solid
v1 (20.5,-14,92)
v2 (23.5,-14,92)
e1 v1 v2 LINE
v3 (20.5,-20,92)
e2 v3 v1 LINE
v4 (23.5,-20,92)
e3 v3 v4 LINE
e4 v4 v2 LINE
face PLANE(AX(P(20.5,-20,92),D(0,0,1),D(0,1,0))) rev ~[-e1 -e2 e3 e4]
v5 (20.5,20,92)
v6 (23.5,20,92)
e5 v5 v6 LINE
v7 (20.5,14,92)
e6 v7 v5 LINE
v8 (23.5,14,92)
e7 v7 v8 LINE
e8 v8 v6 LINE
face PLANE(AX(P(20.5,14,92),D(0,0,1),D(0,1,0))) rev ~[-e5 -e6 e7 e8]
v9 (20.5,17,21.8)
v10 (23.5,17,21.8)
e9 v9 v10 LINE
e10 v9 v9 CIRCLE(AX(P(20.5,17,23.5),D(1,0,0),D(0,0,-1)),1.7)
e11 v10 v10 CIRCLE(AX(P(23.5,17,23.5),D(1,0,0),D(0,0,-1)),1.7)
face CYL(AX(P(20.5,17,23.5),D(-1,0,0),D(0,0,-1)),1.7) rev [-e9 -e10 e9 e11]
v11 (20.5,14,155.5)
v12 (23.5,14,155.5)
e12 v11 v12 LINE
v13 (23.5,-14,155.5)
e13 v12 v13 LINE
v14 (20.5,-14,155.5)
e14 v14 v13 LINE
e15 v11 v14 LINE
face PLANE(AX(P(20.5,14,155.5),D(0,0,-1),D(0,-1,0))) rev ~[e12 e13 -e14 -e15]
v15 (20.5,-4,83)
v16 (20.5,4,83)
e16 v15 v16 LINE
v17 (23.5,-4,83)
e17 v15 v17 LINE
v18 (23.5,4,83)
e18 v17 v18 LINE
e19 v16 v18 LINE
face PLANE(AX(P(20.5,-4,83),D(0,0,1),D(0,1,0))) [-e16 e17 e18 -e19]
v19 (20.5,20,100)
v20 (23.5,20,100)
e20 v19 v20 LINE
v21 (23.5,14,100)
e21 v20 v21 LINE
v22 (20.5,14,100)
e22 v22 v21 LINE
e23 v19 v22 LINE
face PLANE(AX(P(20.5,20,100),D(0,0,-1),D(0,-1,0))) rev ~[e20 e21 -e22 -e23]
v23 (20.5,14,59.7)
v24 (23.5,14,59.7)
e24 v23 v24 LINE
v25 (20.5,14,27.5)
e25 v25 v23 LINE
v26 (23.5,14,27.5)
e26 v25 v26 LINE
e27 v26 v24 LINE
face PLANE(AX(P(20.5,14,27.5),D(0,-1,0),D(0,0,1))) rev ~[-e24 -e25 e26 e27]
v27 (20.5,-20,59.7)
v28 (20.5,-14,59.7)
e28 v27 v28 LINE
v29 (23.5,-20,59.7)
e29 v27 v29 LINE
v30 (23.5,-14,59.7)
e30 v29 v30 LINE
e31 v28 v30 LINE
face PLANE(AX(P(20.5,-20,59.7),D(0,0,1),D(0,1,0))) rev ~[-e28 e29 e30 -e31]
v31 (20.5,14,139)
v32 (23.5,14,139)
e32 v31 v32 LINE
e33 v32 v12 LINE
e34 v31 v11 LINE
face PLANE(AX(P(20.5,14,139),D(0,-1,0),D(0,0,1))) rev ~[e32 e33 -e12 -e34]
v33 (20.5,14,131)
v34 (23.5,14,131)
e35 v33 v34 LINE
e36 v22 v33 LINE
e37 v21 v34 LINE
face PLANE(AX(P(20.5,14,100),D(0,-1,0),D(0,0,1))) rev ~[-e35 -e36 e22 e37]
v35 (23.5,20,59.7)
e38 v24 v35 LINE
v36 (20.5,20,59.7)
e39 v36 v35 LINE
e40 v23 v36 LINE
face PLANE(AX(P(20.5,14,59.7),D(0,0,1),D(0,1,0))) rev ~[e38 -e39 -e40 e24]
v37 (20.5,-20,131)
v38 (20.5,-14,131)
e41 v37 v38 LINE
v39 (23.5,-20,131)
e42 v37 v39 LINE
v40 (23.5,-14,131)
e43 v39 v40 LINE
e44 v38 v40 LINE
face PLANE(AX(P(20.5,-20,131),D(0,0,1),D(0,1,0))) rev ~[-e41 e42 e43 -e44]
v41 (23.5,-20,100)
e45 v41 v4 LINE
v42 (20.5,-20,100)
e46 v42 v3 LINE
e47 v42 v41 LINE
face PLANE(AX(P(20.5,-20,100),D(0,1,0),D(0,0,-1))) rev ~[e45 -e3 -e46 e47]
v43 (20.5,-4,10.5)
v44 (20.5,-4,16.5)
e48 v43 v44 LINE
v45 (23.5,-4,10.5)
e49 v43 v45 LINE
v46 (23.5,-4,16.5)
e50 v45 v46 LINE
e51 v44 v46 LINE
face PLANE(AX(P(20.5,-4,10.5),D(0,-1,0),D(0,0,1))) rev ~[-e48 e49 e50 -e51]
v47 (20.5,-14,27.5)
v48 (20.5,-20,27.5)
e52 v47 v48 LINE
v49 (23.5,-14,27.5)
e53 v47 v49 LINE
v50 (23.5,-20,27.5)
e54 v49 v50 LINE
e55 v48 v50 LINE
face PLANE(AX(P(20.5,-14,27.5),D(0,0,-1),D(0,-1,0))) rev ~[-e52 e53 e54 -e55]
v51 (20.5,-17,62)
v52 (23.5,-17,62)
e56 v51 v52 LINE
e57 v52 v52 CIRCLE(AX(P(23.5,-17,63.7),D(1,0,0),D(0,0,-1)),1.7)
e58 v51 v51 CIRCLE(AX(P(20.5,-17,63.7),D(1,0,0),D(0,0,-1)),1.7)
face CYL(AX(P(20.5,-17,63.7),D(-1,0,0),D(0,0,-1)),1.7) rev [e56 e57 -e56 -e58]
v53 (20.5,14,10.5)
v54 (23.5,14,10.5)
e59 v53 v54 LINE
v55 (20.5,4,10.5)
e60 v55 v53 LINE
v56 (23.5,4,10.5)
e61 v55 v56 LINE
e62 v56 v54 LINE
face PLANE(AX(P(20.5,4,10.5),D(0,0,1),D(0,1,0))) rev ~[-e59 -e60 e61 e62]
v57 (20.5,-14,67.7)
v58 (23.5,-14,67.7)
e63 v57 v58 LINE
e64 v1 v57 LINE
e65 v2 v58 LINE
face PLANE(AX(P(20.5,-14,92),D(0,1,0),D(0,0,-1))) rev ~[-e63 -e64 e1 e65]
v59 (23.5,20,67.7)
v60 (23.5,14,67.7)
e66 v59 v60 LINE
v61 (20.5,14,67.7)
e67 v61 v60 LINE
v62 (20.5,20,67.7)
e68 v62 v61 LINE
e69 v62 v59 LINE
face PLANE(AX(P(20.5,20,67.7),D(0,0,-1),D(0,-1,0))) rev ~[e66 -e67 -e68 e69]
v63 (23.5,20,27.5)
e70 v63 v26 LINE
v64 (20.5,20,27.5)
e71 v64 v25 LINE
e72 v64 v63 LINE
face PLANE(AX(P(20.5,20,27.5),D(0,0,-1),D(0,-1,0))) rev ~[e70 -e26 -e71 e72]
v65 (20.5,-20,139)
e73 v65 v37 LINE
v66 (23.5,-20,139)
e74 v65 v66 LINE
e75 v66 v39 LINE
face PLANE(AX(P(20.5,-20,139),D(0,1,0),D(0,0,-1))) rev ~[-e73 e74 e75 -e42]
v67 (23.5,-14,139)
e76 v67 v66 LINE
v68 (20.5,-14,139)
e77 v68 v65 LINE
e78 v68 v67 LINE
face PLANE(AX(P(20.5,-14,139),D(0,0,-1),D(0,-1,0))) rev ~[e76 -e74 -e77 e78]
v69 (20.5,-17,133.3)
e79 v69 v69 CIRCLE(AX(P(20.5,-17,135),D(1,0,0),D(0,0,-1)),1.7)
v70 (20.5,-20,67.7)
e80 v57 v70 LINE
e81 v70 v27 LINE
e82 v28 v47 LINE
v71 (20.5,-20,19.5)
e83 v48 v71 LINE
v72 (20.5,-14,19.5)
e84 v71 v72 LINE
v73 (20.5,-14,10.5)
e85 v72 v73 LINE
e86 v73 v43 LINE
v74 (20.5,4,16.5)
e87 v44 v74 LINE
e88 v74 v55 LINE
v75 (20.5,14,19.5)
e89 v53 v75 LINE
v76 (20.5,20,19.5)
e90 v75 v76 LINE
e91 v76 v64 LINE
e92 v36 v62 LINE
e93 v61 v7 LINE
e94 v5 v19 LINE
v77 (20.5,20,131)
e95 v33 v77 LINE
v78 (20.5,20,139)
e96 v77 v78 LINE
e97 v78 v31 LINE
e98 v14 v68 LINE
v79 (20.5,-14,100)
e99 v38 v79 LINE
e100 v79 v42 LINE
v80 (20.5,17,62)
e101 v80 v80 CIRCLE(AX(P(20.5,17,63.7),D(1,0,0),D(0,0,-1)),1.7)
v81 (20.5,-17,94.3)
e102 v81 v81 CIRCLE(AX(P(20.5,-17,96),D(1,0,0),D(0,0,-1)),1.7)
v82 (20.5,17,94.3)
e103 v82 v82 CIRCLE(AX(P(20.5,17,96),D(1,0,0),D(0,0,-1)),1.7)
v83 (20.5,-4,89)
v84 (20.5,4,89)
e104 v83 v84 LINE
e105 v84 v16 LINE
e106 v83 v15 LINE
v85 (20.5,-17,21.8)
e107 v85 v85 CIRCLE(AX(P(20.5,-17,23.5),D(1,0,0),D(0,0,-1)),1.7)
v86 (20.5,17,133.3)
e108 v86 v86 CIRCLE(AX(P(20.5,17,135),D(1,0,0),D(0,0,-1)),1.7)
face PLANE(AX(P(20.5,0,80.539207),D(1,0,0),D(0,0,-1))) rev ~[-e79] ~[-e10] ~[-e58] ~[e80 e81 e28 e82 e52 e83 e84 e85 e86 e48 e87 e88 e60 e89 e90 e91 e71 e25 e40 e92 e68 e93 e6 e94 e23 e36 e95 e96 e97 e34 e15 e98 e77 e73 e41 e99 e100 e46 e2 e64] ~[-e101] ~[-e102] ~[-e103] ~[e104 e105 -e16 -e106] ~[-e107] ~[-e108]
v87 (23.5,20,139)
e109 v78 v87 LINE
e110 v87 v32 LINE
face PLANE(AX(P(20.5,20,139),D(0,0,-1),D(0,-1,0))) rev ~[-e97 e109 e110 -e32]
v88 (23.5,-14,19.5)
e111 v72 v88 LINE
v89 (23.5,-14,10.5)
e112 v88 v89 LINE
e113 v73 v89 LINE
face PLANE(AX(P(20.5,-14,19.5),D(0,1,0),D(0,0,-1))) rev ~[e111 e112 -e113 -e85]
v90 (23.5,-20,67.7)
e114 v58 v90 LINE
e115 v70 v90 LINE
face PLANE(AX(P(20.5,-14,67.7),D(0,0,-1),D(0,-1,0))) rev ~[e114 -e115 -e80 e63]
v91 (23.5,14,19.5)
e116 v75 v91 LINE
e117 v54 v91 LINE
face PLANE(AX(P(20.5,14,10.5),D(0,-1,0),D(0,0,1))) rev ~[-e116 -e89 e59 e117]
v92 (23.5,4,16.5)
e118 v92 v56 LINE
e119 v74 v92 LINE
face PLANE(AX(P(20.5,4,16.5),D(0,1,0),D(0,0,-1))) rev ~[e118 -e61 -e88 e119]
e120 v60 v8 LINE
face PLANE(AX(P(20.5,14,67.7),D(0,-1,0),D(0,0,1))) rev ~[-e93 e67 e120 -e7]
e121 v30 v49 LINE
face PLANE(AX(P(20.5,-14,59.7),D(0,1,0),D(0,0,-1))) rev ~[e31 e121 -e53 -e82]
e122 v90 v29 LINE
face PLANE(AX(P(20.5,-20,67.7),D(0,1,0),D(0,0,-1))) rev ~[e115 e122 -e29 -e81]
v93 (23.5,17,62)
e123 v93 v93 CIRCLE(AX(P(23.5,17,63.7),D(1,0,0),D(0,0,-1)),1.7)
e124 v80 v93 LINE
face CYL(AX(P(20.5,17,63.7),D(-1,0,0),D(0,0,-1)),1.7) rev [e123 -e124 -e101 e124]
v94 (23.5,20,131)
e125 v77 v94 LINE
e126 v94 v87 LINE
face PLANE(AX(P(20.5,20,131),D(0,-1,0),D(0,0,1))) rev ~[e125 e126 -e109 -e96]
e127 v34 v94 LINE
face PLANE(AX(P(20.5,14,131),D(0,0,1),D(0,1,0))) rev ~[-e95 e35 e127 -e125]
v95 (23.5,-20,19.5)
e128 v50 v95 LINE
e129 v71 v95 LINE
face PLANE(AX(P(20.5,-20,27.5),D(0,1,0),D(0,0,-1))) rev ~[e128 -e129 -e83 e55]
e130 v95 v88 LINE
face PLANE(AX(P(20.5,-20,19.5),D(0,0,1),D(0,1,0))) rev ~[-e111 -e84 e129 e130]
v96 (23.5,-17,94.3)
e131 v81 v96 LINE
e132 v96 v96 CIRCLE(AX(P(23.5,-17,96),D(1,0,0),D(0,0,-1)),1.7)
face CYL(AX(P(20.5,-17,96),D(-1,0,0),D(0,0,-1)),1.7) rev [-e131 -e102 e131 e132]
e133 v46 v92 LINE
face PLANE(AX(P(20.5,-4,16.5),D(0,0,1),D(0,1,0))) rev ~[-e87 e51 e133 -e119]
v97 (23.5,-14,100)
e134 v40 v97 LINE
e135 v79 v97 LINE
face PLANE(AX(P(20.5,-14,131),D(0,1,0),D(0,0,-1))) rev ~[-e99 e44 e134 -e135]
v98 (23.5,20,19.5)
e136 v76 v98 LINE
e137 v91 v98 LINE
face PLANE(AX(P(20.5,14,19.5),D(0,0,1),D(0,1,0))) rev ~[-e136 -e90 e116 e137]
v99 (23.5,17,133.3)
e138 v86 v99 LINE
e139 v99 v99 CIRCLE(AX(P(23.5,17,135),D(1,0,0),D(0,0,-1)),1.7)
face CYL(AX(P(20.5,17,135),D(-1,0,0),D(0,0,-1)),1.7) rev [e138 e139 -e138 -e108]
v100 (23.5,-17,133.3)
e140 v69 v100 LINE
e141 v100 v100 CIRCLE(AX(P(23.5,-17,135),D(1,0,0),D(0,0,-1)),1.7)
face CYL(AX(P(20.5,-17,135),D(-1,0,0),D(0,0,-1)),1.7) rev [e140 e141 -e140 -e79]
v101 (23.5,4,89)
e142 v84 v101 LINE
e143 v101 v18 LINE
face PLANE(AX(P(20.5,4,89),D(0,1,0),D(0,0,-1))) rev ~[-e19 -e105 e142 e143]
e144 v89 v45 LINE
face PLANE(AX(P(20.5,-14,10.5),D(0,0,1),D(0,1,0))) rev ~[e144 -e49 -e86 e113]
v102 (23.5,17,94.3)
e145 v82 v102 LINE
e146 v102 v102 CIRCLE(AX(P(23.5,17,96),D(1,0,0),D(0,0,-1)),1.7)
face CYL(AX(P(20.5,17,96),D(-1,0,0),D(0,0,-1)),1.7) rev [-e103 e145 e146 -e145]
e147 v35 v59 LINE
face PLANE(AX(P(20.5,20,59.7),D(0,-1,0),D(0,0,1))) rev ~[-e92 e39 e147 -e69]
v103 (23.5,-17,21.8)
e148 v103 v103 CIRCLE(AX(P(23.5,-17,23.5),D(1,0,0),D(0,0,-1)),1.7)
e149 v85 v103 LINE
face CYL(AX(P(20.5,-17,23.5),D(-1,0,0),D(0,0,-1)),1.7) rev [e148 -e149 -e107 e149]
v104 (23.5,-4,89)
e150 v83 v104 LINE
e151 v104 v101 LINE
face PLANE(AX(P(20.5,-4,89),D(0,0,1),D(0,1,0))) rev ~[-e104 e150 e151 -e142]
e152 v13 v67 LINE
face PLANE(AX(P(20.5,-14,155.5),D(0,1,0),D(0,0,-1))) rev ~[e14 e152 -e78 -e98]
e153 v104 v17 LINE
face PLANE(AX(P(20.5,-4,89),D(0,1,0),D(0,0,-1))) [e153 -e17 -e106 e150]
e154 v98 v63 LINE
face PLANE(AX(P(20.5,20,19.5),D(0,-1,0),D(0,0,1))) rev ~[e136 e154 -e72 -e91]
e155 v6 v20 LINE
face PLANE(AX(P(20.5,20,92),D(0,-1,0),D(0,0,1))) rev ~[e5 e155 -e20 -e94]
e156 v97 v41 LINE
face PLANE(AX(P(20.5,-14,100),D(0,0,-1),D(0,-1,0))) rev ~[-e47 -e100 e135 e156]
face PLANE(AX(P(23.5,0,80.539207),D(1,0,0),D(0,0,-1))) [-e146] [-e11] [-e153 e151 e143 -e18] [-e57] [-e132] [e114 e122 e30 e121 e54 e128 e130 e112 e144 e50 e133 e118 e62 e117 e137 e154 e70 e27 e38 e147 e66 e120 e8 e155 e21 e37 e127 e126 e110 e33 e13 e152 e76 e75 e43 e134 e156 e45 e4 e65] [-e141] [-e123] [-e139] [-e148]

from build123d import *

# Parameters (mm, degrees)
EXTRUDE_START   = 20.5
SKETCH_1_R      = 1.7
SKETCH_1_W      = 6
SKETCH_1_H      = 8
EXTRUDE_1_DEPTH = 3


with BuildPart() as part:
    # 草圖1 → 填料-伸長1 (new body)
    with BuildSketch(Plane(origin=(0, 0, 0), x_dir=(0, 0, -1), z_dir=(1, 0, 0)).offset(EXTRUDE_START)):
        Polygon((-10.5, 14), (-19.5, 14), (-19.5, 20), (-27.5, 20), (-27.5, 14), (-59.7, 14), (-59.7, 20), (-67.7, 20), (-67.7, 14), (-92, 14), (-92, 20), (-100, 20), (-100, 14), (-131, 14), (-131, 20), (-139, 20), (-139, 14), (-155.5, 14), (-155.5, -14), (-139, -14), (-139, -20), (-131, -20), (-131, -14), (-100, -14), (-100, -20), (-92, -20), (-92, -14), (-67.7, -14), (-67.7, -20), (-59.7, -20), (-59.7, -14), (-27.5, -14), (-27.5, -20), (-19.5, -20), (-19.5, -14), (-10.5, -14), (-10.5, -4), (-16.5, -4), (-16.5, 4), (-10.5, 4), align=None)
        with Locations((-23.5, 17)):
            Circle(SKETCH_1_R, mode=Mode.SUBTRACT)
        with Locations((-23.5, -17)):
            Circle(SKETCH_1_R, mode=Mode.SUBTRACT)
        with Locations((-63.7, 17)):
            Circle(SKETCH_1_R, mode=Mode.SUBTRACT)
        with Locations((-63.7, -17)):
            Circle(SKETCH_1_R, mode=Mode.SUBTRACT)
        with Locations((-96, 17)):
            Circle(SKETCH_1_R, mode=Mode.SUBTRACT)
        with Locations((-96, -17)):
            Circle(SKETCH_1_R, mode=Mode.SUBTRACT)
        with Locations((-135, 17)):
            Circle(SKETCH_1_R, mode=Mode.SUBTRACT)
        with Locations((-135, -17)):
            Circle(SKETCH_1_R, mode=Mode.SUBTRACT)
        with Locations((-86, 0)):
            Rectangle(SKETCH_1_W, SKETCH_1_H, mode=Mode.SUBTRACT)
    extrude(amount=EXTRUDE_1_DEPTH)


solid = part.part
